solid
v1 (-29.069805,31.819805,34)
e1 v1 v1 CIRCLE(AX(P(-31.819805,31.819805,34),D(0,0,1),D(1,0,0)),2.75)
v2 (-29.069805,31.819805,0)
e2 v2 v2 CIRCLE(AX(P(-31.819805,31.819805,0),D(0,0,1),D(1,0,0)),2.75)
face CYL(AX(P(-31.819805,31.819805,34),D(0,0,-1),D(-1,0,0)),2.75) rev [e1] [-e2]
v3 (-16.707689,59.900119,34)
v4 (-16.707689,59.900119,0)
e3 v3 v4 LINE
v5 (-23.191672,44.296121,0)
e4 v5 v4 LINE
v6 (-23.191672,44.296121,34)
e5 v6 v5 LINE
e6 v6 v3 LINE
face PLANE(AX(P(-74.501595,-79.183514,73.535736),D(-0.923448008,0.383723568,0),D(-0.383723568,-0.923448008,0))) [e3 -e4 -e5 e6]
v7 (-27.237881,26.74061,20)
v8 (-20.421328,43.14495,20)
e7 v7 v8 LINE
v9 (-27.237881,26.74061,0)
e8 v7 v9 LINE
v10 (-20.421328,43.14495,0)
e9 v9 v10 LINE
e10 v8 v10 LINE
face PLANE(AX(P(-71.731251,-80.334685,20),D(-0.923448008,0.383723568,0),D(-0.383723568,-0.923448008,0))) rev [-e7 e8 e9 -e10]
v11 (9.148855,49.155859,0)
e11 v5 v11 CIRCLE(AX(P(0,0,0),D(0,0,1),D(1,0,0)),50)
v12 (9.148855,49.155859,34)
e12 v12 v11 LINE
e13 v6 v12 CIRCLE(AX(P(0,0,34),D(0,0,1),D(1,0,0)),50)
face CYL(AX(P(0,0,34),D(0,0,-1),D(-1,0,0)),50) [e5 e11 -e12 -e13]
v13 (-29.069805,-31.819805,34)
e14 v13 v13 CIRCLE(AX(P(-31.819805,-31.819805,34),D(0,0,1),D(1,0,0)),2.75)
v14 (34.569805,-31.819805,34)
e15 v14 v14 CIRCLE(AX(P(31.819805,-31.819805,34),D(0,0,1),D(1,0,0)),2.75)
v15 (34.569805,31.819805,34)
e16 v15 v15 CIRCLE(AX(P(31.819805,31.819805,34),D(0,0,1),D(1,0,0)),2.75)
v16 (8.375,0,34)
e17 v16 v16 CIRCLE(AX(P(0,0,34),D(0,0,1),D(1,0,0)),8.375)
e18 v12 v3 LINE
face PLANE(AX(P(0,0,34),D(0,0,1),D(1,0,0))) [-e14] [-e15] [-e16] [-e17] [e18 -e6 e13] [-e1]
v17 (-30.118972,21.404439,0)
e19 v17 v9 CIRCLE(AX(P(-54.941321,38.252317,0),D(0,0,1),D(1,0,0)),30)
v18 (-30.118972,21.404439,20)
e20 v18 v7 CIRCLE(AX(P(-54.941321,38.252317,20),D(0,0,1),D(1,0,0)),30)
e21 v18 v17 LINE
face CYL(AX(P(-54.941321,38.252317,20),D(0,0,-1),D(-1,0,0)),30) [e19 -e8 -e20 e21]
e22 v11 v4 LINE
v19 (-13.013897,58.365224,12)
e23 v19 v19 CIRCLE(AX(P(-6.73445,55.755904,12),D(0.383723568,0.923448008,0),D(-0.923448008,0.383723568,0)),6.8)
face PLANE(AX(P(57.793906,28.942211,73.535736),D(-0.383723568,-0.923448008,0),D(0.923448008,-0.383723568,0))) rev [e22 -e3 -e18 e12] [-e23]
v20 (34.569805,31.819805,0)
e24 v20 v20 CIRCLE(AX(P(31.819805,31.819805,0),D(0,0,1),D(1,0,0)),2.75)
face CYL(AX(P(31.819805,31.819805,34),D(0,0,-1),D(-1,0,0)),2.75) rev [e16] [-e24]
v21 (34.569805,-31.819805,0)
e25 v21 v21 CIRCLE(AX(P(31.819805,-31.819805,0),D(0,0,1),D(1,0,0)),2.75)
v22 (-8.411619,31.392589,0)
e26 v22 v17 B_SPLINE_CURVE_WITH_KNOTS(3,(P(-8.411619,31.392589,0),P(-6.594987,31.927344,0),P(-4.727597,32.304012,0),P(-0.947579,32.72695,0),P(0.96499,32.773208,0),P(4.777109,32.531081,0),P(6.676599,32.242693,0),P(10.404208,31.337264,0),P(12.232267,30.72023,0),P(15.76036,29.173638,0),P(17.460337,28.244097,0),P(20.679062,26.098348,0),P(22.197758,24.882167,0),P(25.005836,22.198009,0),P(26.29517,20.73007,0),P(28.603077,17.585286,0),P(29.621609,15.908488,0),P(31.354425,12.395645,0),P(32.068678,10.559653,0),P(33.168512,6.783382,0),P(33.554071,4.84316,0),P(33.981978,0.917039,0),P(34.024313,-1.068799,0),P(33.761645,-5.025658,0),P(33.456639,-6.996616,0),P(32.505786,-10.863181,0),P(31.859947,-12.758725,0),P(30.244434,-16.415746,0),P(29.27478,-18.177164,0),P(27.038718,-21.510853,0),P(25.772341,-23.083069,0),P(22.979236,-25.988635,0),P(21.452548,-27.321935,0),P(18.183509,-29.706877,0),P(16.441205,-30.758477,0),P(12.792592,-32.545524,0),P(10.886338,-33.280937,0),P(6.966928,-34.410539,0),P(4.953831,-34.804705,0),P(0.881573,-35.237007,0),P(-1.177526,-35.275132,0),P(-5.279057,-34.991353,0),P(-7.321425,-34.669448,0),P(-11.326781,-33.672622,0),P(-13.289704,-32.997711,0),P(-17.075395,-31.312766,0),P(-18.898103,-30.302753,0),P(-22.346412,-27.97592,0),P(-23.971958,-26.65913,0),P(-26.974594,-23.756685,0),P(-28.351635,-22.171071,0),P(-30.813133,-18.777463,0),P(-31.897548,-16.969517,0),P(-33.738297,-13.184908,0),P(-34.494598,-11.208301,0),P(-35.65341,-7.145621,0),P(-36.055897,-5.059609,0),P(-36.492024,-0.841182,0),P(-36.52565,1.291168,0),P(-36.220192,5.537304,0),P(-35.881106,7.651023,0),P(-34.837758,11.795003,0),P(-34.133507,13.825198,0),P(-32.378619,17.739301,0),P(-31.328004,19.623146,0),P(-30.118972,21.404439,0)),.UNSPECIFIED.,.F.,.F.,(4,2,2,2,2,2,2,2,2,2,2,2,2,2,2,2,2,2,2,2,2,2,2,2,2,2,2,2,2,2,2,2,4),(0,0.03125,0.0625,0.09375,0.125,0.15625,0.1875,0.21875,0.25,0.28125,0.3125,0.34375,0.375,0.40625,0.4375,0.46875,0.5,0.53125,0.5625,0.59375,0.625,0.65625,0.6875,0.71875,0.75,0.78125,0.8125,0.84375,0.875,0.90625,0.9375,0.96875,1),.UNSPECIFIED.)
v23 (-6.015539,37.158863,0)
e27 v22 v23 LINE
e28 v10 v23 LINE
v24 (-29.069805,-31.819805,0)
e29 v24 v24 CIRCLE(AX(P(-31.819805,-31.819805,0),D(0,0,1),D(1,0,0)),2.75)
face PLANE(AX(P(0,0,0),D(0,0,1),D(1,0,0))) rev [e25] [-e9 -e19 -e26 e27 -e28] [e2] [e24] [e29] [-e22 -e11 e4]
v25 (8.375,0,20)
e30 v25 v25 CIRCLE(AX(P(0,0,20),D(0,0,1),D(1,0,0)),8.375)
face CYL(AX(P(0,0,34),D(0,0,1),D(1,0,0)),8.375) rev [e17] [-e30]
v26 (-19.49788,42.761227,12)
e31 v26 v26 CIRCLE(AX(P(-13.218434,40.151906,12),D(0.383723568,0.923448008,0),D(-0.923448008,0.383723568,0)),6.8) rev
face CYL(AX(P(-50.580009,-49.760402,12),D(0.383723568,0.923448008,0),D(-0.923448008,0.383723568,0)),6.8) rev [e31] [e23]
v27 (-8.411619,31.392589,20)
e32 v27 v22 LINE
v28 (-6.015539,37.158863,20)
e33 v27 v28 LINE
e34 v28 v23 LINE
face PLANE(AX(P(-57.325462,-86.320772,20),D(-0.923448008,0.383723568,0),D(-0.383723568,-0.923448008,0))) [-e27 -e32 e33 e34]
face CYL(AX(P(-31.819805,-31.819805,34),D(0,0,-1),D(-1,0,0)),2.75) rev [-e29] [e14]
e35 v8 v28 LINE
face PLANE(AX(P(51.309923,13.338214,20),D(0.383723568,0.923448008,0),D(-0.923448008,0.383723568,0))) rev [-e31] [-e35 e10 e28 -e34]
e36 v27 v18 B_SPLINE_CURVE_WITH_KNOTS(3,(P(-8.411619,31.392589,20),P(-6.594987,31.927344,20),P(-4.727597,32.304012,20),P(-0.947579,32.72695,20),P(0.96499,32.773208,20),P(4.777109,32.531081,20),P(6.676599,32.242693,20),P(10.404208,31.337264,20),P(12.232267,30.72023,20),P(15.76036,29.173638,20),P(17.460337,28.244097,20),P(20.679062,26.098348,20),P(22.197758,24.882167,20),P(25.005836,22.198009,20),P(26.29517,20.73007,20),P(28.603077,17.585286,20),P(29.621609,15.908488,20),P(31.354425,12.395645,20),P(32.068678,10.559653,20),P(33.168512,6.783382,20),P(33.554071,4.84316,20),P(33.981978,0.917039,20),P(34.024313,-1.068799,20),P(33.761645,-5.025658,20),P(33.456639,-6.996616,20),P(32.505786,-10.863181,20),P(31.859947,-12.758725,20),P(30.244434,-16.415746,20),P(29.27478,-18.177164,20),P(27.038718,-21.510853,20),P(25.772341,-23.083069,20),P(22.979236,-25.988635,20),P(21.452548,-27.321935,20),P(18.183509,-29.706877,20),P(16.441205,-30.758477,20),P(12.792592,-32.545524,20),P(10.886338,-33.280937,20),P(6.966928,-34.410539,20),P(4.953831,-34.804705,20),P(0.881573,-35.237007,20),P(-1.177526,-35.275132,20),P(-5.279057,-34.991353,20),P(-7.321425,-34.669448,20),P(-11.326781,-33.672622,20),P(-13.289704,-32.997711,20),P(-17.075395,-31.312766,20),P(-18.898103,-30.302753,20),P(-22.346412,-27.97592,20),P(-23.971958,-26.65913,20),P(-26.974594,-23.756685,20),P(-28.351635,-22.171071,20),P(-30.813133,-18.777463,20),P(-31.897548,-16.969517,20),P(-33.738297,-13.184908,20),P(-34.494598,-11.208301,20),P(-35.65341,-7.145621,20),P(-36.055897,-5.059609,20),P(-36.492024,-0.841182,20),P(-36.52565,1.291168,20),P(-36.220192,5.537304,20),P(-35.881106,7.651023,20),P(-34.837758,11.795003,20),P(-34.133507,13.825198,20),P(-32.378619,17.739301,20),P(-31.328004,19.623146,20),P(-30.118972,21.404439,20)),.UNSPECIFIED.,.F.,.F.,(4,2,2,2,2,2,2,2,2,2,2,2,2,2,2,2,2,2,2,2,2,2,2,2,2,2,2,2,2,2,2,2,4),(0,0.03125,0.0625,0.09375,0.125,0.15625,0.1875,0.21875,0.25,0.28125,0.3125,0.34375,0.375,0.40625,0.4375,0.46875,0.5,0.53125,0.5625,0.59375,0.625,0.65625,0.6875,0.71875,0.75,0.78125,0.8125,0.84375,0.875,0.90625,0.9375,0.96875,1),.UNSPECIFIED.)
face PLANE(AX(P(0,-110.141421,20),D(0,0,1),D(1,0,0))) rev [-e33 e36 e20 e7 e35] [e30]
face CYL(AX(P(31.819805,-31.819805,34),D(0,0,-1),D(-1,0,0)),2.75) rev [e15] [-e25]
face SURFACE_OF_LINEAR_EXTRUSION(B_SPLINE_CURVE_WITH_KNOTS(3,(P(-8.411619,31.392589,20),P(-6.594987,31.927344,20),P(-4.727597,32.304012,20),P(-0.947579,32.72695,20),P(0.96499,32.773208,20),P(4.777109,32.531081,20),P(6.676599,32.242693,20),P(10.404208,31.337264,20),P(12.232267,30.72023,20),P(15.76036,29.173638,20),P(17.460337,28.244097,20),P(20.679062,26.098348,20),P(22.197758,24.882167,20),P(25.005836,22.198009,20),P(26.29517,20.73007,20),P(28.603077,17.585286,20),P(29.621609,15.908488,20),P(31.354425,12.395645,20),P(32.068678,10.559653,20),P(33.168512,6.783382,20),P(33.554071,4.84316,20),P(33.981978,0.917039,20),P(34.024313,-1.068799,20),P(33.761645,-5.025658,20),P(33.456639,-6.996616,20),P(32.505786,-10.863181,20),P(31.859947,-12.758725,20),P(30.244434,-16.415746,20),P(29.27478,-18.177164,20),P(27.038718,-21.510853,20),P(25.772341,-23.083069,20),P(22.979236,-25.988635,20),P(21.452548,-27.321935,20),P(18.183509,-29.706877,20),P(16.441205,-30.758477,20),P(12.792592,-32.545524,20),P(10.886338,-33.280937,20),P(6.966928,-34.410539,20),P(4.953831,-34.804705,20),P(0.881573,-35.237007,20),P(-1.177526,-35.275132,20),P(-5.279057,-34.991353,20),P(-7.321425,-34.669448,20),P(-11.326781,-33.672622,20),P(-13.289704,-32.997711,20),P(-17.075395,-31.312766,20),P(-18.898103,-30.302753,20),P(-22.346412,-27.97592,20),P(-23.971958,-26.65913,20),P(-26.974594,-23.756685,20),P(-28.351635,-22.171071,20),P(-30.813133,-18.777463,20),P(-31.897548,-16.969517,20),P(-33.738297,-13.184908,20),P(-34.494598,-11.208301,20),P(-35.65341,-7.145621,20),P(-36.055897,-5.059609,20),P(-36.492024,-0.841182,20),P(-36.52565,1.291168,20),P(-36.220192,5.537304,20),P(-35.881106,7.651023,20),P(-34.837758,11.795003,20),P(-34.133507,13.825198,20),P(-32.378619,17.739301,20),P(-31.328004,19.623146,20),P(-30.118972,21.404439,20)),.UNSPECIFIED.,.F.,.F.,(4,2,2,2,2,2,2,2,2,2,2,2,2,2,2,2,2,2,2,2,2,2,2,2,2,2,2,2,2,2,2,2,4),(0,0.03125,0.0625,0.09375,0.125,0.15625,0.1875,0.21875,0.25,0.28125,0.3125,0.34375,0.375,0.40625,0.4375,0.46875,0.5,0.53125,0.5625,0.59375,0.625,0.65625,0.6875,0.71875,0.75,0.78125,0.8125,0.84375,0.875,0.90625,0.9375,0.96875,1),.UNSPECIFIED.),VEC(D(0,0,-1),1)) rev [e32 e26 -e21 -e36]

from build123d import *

# Parameters (mm, degrees)
SKETCH3_R                     = 50
SKETCH3_R_2                   = 2.75
EXTRUDE1_DEPTH                = 34
CUT_EXTRUDE2_DEPTH            = 20
EXTRUDE6_DEPTH                = 34
M16_75_16_75_DIAMETER_HOLE1_D = 16.75
CUT_EXTRUDE3_REACH            = 116.262
SKETCH22_R                    = 6.8


with BuildPart() as part:
    # Sketch3 → Extrude1 (new body)
    with BuildSketch(Plane.XY):
        Circle(SKETCH3_R)
        with Locations((31.819805153, -31.819805153)):
            Circle(SKETCH3_R_2, mode=Mode.SUBTRACT)
        with Locations((-31.819805153, -31.819805153)):
            Circle(SKETCH3_R_2, mode=Mode.SUBTRACT)
        with Locations((31.819805153, 31.819805153)):
            Circle(SKETCH3_R_2, mode=Mode.SUBTRACT)
        with Locations((-31.819805153, 31.819805153)):
            Circle(SKETCH3_R_2, mode=Mode.SUBTRACT)
    extrude(amount=EXTRUDE1_DEPTH)

    # Sketch3_6 → Cut-Extrude2 (cut)
    with BuildSketch(Plane.XY):
        with BuildLine():
            Line((-20.421328258, 43.144950309), (-27.237880936, 26.740610009))
            ThreePointArc((-27.237880936, 26.740610009), (-28.54324707, 23.999538948), (-30.118972052, 21.404439318))
            add(Edge.make_bspline(
                [(-8.411618966, 31.392589354), (-6.594986557, 31.927343906), (-4.727596656, 32.304011663), (-0.947579394, 32.726950043), (0.964989801, 32.773208373), (4.777108777, 32.531081057), (6.676598891, 32.242693441), (10.404207822, 31.337263886), (12.232267294, 30.720230446), (15.760360448, 29.173637758), (17.460336939, 28.244097303), (20.679062247, 26.098347596), (22.197757805, 24.882166939), (25.005835643, 22.198009273), (26.295170268, 20.730069861), (28.60307704, 17.585286262), (29.621608652, 15.90848759), (31.354425209, 12.395644964), (32.068678043, 10.559653108), (33.168512452, 6.783381836), (33.554071399, 4.84315955), (33.981977998, 0.91703866), (34.024313279, -1.068799499), (33.761644813, -5.025657895), (33.456639413, -6.996616206), (32.505786005, -10.863180522), (31.859947203, -12.758725015), (30.244434466, -16.415746217), (29.274780398, -18.177163724), (27.038718465, -21.510852538), (25.772340603, -23.083068793), (22.979235835, -25.988634722), (21.452548225, -27.321935222), (18.18350905, -29.706877352), (16.441204938, -30.758477245), (12.792592203, -32.545523582), (10.886337796, -33.28093707), (6.966927518, -34.410539179), (4.95383101, -34.804704707), (0.881572969, -35.237007362), (-1.17752584, -35.275132047), (-5.279057127, -34.991353155), (-7.321425423, -34.669448256), (-11.326780574, -33.672621975), (-13.289703752, -32.997710517), (-17.075395447, -31.312765708), (-18.898102754, -30.302753307), (-22.346412369, -27.975919739), (-23.971957836, -26.659129989), (-26.974594454, -23.756685335), (-28.351634915, -22.171071432), (-30.813133029, -18.777462502), (-31.89754775, -16.969516871), (-33.738297145, -13.184908034), (-34.494598024, -11.208301165), (-35.653409825, -7.145620969), (-36.055897198, -5.05960924), (-36.492023631, -0.841182208), (-36.525650191, 1.29116809), (-36.220191785, 5.537304064), (-35.881105833, 7.651023301), (-34.837758132, 11.795003117), (-34.13350703, 13.825197856), (-32.378618873, 17.739300975), (-31.328003859, 19.623146143), (-30.118972052, 21.404439318)],
                knots=[0, 0, 0, 0, 0.03125, 0.03125, 0.0625, 0.0625, 0.09375, 0.09375, 0.125, 0.125, 0.15625, 0.15625, 0.1875, 0.1875, 0.21875, 0.21875, 0.25, 0.25, 0.28125, 0.28125, 0.3125, 0.3125, 0.34375, 0.34375, 0.375, 0.375, 0.40625, 0.40625, 0.4375, 0.4375, 0.46875, 0.46875, 0.5, 0.5, 0.53125, 0.53125, 0.5625, 0.5625, 0.59375, 0.59375, 0.625, 0.625, 0.65625, 0.65625, 0.6875, 0.6875, 0.71875, 0.71875, 0.75, 0.75, 0.78125, 0.78125, 0.8125, 0.8125, 0.84375, 0.84375, 0.875, 0.875, 0.90625, 0.90625, 0.9375, 0.9375, 0.96875, 0.96875, 1, 1, 1, 1], degree=3))
            Line((-8.411618966, 31.392589354), (-6.015539335, 37.158862647))
            Line((-6.015539335, 37.158862647), (-20.421328258, 43.144950309))
        make_face()
    extrude(amount=CUT_EXTRUDE2_DEPTH, mode=Mode.SUBTRACT)

    # Sketch3_7 → Extrude6 (add)
    with BuildSketch(Plane.XY):
        with BuildLine():
            ThreePointArc((-23.191672282, 44.296121013), (-21.196140075, 45.284916318), (-19.158555872, 46.183868795))
            ThreePointArc((-19.158555872, 46.183868795), (-10.101449269, 48.968977145), (-0.681547061, 49.99535472))
            ThreePointArc((-0.681547061, 49.99535472), (4.254411372, 49.818671037), (9.148855424, 49.155858699))
            Line((9.148855424, 49.155858699), (-16.707688798, 59.900118605))
            Line((-16.707688798, 59.900118605), (-23.191672282, 44.296121013))
        make_face()
    extrude(amount=EXTRUDE6_DEPTH)

    # M16.75 _16.75_ Diameter Hole1 (through all)
    with Locations(Plane.XY.offset(34)):
        with Locations((0, 0)):
            Hole(M16_75_16_75_DIAMETER_HOLE1_D / 2)

    # Sketch22 → Cut-Extrude3 (cut, up to next)
    with BuildSketch(Plane(origin=(18.765429823, 45.159850034, 0), x_dir=(-0.923448008, 0.383723568, 0), z_dir=(0.383723568, 0.923448008, 0)), mode=Mode.PRIVATE) as cut_extrude3_sk1:
        with Locations((27.613769175, 12)):
            Circle(SKETCH22_R)
    cut_extrude3_tool1 = extrude(cut_extrude3_sk1.sketch, amount=-CUT_EXTRUDE3_REACH, mode=Mode.PRIVATE) & part.part
    add(cut_extrude3_tool1.solids().sort_by_distance((-6.73445, 55.755904, 12))[0], mode=Mode.SUBTRACT)


solid = part.part
